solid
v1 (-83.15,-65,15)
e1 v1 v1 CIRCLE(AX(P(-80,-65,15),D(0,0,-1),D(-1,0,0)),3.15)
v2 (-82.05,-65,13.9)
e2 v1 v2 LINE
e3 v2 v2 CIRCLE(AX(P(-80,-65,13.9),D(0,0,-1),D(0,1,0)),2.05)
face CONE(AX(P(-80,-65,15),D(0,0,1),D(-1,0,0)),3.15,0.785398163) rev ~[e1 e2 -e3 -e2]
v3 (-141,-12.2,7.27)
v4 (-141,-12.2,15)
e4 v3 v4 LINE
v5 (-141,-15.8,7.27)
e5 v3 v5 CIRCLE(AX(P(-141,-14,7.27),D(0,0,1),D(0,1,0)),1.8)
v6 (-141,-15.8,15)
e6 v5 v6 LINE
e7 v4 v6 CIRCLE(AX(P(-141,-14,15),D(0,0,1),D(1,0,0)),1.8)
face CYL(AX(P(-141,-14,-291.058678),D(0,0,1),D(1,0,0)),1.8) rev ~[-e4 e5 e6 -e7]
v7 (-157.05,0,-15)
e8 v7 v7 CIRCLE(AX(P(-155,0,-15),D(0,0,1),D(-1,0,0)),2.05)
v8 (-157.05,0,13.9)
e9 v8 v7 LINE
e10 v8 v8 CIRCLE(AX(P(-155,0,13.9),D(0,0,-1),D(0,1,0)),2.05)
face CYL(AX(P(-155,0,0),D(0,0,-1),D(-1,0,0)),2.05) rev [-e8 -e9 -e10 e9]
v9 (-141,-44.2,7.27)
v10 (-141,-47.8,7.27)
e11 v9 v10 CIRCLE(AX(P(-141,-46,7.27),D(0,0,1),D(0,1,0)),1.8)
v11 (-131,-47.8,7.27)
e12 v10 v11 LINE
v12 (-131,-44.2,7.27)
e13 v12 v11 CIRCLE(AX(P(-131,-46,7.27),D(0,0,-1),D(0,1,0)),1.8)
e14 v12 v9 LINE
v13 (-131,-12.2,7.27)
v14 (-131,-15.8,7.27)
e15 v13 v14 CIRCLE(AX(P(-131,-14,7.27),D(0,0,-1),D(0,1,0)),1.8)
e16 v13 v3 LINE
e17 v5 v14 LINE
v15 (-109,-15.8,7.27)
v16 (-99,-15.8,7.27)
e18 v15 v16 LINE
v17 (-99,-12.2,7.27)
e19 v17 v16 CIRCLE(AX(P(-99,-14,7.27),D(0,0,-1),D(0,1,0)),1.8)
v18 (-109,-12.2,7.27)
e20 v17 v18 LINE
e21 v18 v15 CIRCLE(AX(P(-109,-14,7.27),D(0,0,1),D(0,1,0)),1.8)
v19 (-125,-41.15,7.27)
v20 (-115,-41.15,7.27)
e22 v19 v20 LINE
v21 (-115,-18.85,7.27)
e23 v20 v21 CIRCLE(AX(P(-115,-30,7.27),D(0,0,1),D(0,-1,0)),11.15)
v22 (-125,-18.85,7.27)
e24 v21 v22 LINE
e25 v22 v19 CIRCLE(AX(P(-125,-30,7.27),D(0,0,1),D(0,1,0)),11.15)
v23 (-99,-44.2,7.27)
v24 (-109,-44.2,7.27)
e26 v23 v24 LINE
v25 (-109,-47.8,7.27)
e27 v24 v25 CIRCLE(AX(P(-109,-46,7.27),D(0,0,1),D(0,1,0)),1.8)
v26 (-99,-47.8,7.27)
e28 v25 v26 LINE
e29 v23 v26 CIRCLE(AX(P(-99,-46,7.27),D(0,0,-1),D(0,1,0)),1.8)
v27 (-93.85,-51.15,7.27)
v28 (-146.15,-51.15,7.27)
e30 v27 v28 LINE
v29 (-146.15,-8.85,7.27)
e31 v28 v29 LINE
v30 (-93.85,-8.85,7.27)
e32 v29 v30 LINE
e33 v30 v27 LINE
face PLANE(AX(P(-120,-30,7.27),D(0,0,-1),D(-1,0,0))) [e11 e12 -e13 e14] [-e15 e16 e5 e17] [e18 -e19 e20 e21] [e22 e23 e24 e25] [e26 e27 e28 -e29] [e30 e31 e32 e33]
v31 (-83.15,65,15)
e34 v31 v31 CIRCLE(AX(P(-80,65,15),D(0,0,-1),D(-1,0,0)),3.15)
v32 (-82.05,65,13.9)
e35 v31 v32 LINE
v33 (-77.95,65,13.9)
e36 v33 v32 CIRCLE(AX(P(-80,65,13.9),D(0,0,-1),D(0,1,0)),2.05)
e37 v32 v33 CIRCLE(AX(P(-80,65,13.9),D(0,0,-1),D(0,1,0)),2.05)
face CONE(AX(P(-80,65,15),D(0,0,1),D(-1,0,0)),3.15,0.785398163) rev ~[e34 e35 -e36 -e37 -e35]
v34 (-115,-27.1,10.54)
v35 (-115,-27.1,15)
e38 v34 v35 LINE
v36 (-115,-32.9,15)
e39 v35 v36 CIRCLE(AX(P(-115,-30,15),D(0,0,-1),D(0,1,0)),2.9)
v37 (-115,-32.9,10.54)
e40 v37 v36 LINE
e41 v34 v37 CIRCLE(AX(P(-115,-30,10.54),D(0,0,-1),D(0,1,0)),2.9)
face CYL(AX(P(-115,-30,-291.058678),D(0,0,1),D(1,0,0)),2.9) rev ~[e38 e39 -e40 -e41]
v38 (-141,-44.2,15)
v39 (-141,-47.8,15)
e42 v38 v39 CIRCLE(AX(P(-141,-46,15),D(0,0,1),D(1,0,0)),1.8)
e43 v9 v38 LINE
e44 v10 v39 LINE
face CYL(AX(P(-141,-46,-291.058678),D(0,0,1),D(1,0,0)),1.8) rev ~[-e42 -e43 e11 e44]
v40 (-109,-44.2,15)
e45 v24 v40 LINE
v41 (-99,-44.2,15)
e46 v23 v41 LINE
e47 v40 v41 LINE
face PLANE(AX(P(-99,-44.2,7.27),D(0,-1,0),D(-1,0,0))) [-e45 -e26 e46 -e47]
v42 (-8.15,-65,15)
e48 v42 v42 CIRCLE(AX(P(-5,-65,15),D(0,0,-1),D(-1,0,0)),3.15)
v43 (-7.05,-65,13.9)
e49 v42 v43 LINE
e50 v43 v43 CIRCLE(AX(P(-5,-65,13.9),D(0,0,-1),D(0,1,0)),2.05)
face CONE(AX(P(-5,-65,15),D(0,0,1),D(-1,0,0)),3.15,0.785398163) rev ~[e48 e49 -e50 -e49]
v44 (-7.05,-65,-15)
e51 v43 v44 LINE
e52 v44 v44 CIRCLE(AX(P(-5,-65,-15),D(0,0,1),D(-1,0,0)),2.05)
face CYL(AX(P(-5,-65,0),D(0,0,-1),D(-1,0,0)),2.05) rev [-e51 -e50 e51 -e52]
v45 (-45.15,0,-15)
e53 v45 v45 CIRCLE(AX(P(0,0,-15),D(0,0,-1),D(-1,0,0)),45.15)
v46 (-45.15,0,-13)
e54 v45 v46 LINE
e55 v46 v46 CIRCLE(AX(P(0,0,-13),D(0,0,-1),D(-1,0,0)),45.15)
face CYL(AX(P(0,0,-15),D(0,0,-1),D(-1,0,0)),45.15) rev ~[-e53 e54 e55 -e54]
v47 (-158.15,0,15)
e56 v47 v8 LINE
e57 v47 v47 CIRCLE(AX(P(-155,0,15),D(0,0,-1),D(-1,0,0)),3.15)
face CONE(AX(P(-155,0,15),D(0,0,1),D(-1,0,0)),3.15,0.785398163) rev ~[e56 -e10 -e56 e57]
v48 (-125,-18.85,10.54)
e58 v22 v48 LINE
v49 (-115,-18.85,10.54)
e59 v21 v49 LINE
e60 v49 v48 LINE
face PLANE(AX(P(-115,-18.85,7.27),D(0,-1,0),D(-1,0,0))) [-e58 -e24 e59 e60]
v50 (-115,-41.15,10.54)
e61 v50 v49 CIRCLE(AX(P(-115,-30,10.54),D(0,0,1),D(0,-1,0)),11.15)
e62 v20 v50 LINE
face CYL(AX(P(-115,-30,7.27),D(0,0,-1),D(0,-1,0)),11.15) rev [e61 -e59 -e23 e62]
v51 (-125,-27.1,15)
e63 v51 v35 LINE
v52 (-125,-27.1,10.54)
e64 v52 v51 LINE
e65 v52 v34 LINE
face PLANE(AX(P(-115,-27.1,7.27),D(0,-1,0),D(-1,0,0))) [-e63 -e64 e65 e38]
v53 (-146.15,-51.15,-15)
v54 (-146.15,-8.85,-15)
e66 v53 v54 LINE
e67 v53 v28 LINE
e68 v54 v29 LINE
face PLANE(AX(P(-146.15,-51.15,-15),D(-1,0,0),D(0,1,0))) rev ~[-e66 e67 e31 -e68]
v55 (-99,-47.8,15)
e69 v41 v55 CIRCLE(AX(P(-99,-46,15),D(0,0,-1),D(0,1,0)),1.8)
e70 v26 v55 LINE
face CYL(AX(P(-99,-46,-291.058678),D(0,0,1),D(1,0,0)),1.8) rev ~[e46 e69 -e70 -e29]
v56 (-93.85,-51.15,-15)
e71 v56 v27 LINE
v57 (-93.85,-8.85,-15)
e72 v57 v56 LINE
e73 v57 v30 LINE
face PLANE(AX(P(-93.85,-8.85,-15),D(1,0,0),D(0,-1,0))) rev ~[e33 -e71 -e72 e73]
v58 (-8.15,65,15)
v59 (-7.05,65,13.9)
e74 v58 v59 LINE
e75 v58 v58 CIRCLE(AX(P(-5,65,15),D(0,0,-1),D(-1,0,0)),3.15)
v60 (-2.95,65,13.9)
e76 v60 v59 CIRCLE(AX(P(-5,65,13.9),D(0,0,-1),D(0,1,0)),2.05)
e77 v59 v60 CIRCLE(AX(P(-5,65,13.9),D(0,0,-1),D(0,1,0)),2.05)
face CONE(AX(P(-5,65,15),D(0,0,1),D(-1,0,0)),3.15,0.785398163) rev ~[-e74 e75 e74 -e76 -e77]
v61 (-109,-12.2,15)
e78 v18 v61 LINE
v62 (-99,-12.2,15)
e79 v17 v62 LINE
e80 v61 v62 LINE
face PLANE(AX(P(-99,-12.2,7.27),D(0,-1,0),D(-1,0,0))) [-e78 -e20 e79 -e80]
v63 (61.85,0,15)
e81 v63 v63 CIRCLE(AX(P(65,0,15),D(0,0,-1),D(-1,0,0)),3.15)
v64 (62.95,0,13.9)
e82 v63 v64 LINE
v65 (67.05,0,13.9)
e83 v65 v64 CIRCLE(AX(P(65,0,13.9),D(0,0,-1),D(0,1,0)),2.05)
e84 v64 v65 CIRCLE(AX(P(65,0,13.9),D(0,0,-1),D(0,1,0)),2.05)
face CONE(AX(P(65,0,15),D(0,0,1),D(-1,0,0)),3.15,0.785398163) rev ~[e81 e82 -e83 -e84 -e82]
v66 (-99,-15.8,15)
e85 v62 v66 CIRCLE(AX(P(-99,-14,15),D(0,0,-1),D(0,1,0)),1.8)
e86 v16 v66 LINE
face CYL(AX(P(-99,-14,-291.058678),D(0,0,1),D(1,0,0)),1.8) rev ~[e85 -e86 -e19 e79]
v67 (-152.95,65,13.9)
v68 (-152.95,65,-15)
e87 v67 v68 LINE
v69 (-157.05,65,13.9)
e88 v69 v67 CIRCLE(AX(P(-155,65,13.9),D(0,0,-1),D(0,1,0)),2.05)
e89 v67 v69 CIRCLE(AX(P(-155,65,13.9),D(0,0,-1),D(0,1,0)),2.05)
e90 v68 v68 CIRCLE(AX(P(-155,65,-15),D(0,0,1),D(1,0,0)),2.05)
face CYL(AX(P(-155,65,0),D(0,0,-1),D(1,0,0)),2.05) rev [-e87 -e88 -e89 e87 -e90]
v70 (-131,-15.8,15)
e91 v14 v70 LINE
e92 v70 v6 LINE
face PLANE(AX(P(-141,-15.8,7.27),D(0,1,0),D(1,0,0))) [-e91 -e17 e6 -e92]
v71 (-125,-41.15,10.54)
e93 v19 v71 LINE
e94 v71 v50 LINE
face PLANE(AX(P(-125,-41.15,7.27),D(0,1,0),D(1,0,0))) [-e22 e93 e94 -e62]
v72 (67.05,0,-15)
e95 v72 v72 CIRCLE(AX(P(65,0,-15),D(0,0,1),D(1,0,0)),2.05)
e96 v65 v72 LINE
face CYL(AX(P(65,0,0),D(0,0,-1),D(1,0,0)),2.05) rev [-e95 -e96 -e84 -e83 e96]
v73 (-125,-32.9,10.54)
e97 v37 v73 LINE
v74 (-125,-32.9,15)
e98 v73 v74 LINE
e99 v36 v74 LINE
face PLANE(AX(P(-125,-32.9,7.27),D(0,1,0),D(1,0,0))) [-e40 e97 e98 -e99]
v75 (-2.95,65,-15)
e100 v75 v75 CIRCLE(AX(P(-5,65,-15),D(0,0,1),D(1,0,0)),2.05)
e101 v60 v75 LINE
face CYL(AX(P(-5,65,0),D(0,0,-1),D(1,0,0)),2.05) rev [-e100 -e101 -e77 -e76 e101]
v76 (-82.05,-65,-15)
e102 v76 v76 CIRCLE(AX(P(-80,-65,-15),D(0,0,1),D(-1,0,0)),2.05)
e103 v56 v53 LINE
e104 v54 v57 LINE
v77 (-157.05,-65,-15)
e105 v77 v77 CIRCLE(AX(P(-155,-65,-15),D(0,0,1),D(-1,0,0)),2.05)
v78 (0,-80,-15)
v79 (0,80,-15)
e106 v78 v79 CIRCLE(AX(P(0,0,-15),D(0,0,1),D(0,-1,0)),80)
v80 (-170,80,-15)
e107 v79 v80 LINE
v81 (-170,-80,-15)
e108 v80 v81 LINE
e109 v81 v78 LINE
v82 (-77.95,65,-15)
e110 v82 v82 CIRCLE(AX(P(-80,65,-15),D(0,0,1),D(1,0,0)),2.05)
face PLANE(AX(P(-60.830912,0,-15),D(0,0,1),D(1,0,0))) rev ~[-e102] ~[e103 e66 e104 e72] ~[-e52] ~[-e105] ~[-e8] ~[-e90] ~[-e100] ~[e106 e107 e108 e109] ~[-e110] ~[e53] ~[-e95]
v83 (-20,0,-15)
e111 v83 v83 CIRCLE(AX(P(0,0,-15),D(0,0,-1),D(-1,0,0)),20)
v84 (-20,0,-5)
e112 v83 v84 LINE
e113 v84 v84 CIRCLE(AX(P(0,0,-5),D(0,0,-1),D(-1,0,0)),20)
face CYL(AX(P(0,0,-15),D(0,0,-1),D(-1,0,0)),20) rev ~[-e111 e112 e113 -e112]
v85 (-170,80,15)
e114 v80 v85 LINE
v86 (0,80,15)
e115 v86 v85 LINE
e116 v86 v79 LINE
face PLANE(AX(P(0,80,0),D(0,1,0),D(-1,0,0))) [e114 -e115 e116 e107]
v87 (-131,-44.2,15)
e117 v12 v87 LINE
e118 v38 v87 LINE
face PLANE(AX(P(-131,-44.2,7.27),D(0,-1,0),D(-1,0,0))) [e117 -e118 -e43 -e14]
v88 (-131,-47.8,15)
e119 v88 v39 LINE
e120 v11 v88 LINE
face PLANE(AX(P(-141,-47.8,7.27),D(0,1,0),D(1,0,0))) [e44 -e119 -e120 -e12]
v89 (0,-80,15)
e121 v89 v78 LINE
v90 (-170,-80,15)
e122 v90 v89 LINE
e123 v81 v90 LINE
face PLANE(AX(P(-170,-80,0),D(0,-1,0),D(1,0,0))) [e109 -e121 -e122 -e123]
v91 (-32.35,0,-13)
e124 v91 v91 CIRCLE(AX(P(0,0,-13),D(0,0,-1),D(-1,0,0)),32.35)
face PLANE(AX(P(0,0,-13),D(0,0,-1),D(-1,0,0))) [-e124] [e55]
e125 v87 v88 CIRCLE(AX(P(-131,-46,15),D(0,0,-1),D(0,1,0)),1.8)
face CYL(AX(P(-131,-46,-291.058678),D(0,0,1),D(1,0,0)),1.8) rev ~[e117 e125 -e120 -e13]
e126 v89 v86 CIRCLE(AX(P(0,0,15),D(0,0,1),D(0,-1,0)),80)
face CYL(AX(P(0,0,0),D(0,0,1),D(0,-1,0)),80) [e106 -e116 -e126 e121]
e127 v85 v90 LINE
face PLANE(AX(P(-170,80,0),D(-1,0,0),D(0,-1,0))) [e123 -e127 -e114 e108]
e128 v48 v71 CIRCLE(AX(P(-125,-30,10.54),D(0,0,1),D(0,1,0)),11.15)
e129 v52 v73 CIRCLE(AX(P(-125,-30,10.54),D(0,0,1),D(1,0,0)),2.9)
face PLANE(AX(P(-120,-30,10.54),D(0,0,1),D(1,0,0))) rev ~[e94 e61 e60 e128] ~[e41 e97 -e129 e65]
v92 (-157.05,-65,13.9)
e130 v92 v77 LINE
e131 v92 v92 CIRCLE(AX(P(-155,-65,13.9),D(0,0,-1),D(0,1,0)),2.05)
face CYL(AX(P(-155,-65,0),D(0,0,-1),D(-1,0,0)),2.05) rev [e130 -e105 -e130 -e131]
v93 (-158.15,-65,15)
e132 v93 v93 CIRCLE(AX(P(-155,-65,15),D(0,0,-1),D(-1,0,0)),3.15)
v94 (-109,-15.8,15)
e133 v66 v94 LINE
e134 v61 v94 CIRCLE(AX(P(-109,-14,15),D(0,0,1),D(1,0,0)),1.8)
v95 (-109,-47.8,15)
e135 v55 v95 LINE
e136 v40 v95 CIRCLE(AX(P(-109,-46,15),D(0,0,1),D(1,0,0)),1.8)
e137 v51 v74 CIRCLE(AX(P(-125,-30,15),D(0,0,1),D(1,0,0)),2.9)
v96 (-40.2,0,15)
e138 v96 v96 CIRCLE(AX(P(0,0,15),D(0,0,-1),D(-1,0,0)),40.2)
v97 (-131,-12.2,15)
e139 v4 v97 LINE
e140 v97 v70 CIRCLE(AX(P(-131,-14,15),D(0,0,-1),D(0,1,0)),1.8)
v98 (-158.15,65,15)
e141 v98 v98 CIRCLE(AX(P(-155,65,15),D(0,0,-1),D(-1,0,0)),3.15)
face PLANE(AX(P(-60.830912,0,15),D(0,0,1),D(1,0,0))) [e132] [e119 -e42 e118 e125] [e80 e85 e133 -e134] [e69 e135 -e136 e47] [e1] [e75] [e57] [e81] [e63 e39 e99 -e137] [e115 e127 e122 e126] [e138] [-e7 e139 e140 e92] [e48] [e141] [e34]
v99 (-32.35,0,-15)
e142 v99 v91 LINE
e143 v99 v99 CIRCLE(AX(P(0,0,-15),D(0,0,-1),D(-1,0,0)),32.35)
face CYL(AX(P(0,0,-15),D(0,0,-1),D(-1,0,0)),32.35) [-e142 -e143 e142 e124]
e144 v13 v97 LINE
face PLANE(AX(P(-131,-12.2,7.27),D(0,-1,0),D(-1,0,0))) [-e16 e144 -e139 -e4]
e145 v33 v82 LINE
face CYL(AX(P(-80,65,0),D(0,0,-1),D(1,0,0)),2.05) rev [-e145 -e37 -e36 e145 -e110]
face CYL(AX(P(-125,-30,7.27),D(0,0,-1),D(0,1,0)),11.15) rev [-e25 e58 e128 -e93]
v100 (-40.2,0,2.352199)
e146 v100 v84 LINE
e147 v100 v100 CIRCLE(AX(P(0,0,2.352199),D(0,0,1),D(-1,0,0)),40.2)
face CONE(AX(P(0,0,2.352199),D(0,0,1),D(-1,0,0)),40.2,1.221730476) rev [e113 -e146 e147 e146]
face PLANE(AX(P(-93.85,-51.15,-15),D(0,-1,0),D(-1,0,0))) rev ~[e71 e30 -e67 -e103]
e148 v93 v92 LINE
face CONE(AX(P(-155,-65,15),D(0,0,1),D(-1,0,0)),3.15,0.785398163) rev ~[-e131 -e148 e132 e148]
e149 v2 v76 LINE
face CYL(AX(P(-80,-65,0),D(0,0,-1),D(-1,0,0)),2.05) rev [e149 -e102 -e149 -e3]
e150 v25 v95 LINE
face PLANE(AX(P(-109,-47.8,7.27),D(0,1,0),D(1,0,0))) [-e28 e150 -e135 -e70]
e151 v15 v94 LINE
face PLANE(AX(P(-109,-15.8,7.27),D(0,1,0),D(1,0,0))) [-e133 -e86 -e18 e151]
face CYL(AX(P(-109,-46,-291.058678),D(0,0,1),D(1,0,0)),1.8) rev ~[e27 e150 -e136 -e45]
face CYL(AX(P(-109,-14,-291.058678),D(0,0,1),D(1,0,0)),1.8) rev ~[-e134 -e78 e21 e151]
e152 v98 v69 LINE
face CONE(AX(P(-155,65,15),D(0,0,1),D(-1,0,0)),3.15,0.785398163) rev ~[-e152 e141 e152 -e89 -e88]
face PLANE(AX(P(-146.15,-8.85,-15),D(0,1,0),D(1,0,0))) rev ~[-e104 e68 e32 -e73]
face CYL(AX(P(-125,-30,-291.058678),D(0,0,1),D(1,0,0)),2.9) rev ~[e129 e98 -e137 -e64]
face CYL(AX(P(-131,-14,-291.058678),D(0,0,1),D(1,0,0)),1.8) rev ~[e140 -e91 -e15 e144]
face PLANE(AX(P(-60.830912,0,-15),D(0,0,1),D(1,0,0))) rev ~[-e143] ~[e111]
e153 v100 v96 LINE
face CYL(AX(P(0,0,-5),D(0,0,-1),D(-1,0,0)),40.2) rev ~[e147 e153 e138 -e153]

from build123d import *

# Parameters (mm, degrees)
SKETCH1_R                                       = 2.05
BOSS_EXTRUDE1_DEPTH                             = 15
CSK_FOR_M3_FLAT_HEAD_MACHINE_SCREW1_D           = 3.6
CSK_FOR_M3_FLAT_HEAD_MACHINE_SCREW1_CSINK_D     = 6.3
CSK_FOR_M3_FLAT_HEAD_MACHINE_SCREW1_CSINK_ANGLE = 90
CUT_EXTRUDE1_START                              = -10
SKETCH5_R                                       = 40.2
CUT_EXTRUDE1_DEPTH                              = 20
SKETCH6_R                                       = 20
CUT_EXTRUDE2_DEPTH                              = 191.26297592
CUT_EXTRUDE3_DEPTH                              = 22.27
M3_CLEARANCE_HOLE1_D                            = 3.6
M5_CLEARANCE_HOLE1_D                            = 5.8
CUT_EXTRUDE4_DEPTH                              = 3.27
CUT_EXTRUDE5_DEPTH                              = 190.1981842
SKETCH15_R                                      = 45.15
SKETCH15_R_2                                    = 32.35
CUT_EXTRUDE6_DEPTH                              = 2


with BuildPart() as part:
    # Sketch1 → Boss-Extrude1 (new, symmetric)
    with BuildSketch(Plane.XY):
        with BuildLine():
            Line((0, 80), (-170, 80))
            Line((-170, 80), (-170, -80))
            Line((-170, -80), (0, -80))
            ThreePointArc((0, -80), (80, 0), (0, 80))
        make_face()
        with Locations((-155, 65)):
            Circle(SKETCH1_R, mode=Mode.SUBTRACT)
        with Locations((-80, 65)):
            Circle(SKETCH1_R, mode=Mode.SUBTRACT)
        with Locations((-5, 65)):
            Circle(SKETCH1_R, mode=Mode.SUBTRACT)
        with Locations(Location((-155, -65, 0), (0, 0, 180))):
            Circle(SKETCH1_R, mode=Mode.SUBTRACT)
        with Locations(Location((-80, -65, 0), (0, 0, 180))):
            Circle(SKETCH1_R, mode=Mode.SUBTRACT)
        with Locations(Location((-5, -65, 0), (0, 0, 180))):
            Circle(SKETCH1_R, mode=Mode.SUBTRACT)
        with Locations(Location((-155, 0, 0), (0, 0, 180))):
            Circle(SKETCH1_R, mode=Mode.SUBTRACT)
        with Locations((65, 0)):
            Circle(SKETCH1_R, mode=Mode.SUBTRACT)
    extrude(amount=BOSS_EXTRUDE1_DEPTH, both=True)

    # CSK for M3 Flat Head Machine Screw1 (through all)
    with Locations(Plane.XY.offset(15)):
        with Locations((-5, -65), (-80, -65), (-155, -65), (-155, 0), (-155, 65), (-80, 65), (-5, 65), (65, 0)):
            CounterSinkHole(CSK_FOR_M3_FLAT_HEAD_MACHINE_SCREW1_D / 2, CSK_FOR_M3_FLAT_HEAD_MACHINE_SCREW1_CSINK_D / 2, counter_sink_angle=CSK_FOR_M3_FLAT_HEAD_MACHINE_SCREW1_CSINK_ANGLE)

    # Sketch5 → Cut-Extrude1 (cut)
    with BuildSketch(Plane(origin=(0, 0, -15), x_dir=(-1, 0, 0), z_dir=(0, 0, -1)).offset(CUT_EXTRUDE1_START)):
        Circle(SKETCH5_R)
    extrude(amount=-CUT_EXTRUDE1_DEPTH, mode=Mode.SUBTRACT)

    # Sketch6 → Cut-Extrude2 (cut, through all)
    with BuildSketch(Plane(origin=(0, 0, -15), x_dir=(-1, 0, 0), z_dir=(0, 0, -1))):
        Circle(SKETCH6_R)
    extrude(amount=-CUT_EXTRUDE2_DEPTH, mode=Mode.SUBTRACT)

    # Sketch7 → Cut-Extrude3 (cut)
    with BuildSketch(Plane(origin=(0, 0, -15), x_dir=(-1, 0, 0), z_dir=(0, 0, -1))):
        Polygon((103.85, -51.15), (146.15, -51.15), (146.15, -8.85), (103.85, -8.85), (93.85, -8.85), (93.85, -51.15), align=None)
    extrude(amount=-CUT_EXTRUDE3_DEPTH, mode=Mode.SUBTRACT)

    # M3 Clearance Hole1 (through all)
    with Locations(Plane(origin=(0, 0, 7.27), x_dir=(-1, 0, 0), z_dir=(0, 0, -1))):
        with Locations((109, -14), (141, -14), (141, -46), (109, -46), (99, -14), (99, -46), (131, -46), (131, -14)):
            Hole(M3_CLEARANCE_HOLE1_D / 2)

    # M5 Clearance Hole1 (through all)
    with Locations(Plane(origin=(0, 0, 7.27), x_dir=(-1, 0, 0), z_dir=(0, 0, -1))):
        with Locations((125, -30), (115, -30)):
            Hole(M5_CLEARANCE_HOLE1_D / 2)

    # Sketch13 → Cut-Extrude4 (cut)
    with BuildSketch(Plane(origin=(0, 0, 7.27), x_dir=(-1, 0, 0), z_dir=(0, 0, -1))):
        with BuildLine():
            Line((115, -18.85), (125, -18.85))
            ThreePointArc((125, -18.85), (136.15, -30), (125, -41.15))
            Line((125, -41.15), (115, -41.15))
            ThreePointArc((115, -41.15), (103.85, -30), (115, -18.85))
        make_face()
    extrude(amount=-CUT_EXTRUDE4_DEPTH, mode=Mode.SUBTRACT)

    # Sketch14 → Cut-Extrude5 (cut, through all)
    with BuildSketch(Plane(origin=(0, 0, 7.27), x_dir=(-1, 0, 0), z_dir=(0, 0, -1))):
        with BuildLine():
            Line((115, -27.1), (125, -27.1))
            ThreePointArc((125, -27.1), (127.9, -30), (125, -32.9))
            Line((125, -32.9), (115, -32.9))
            ThreePointArc((115, -32.9), (112.1, -30), (115, -27.1))
        make_face()
        with BuildLine():
            Line((99, -12.2), (109, -12.2))
            ThreePointArc((109, -12.2), (110.8, -14), (109, -15.8))
            Line((109, -15.8), (99, -15.8))
            ThreePointArc((99, -15.8), (97.2, -14), (99, -12.2))
        make_face()
        with BuildLine():
            Line((131, -12.2), (141, -12.2))
            ThreePointArc((141, -12.2), (142.8, -14), (141, -15.8))
            Line((141, -15.8), (131, -15.8))
            ThreePointArc((131, -15.8), (129.2, -14), (131, -12.2))
        make_face()
        with BuildLine():
            Line((141, -47.8), (131, -47.8))
            ThreePointArc((131, -47.8), (129.2, -46), (131, -44.2))
            Line((131, -44.2), (141, -44.2))
            ThreePointArc((141, -44.2), (142.8, -46), (141, -47.8))
        make_face()
        with BuildLine():
            Line((109, -47.8), (99, -47.8))
            ThreePointArc((99, -47.8), (97.2, -46), (99, -44.2))
            Line((99, -44.2), (109, -44.2))
            ThreePointArc((109, -44.2), (110.8, -46), (109, -47.8))
        make_face()
    extrude(amount=-CUT_EXTRUDE5_DEPTH, mode=Mode.SUBTRACT)

    # Sketch15 → Cut-Extrude6 (cut)
    with BuildSketch(Plane(origin=(0, 0, -15), x_dir=(-1, 0, 0), z_dir=(0, 0, -1))):
        Circle(SKETCH15_R)
        Circle(SKETCH15_R_2, mode=Mode.SUBTRACT)
    extrude(amount=-CUT_EXTRUDE6_DEPTH, mode=Mode.SUBTRACT)

    # Sketch16 → Revolve3 (revolve)
    with BuildSketch(Plane(origin=(0, 0, 0), x_dir=(1, 0, 0), z_dir=(0, 1, 0)), mode=Mode.PRIVATE) as revolve3_sk:
        Polygon((20, 5), (40.2, 5), (40.2, -2.352198732), align=None)
    revolve(revolve3_sk.sketch.rotate(Axis((0, 0, -9.069234204), (0, 0, 1)), 180), axis=Axis((0, 0, -9.069234204), (0, 0, 1)))


solid = part.part
